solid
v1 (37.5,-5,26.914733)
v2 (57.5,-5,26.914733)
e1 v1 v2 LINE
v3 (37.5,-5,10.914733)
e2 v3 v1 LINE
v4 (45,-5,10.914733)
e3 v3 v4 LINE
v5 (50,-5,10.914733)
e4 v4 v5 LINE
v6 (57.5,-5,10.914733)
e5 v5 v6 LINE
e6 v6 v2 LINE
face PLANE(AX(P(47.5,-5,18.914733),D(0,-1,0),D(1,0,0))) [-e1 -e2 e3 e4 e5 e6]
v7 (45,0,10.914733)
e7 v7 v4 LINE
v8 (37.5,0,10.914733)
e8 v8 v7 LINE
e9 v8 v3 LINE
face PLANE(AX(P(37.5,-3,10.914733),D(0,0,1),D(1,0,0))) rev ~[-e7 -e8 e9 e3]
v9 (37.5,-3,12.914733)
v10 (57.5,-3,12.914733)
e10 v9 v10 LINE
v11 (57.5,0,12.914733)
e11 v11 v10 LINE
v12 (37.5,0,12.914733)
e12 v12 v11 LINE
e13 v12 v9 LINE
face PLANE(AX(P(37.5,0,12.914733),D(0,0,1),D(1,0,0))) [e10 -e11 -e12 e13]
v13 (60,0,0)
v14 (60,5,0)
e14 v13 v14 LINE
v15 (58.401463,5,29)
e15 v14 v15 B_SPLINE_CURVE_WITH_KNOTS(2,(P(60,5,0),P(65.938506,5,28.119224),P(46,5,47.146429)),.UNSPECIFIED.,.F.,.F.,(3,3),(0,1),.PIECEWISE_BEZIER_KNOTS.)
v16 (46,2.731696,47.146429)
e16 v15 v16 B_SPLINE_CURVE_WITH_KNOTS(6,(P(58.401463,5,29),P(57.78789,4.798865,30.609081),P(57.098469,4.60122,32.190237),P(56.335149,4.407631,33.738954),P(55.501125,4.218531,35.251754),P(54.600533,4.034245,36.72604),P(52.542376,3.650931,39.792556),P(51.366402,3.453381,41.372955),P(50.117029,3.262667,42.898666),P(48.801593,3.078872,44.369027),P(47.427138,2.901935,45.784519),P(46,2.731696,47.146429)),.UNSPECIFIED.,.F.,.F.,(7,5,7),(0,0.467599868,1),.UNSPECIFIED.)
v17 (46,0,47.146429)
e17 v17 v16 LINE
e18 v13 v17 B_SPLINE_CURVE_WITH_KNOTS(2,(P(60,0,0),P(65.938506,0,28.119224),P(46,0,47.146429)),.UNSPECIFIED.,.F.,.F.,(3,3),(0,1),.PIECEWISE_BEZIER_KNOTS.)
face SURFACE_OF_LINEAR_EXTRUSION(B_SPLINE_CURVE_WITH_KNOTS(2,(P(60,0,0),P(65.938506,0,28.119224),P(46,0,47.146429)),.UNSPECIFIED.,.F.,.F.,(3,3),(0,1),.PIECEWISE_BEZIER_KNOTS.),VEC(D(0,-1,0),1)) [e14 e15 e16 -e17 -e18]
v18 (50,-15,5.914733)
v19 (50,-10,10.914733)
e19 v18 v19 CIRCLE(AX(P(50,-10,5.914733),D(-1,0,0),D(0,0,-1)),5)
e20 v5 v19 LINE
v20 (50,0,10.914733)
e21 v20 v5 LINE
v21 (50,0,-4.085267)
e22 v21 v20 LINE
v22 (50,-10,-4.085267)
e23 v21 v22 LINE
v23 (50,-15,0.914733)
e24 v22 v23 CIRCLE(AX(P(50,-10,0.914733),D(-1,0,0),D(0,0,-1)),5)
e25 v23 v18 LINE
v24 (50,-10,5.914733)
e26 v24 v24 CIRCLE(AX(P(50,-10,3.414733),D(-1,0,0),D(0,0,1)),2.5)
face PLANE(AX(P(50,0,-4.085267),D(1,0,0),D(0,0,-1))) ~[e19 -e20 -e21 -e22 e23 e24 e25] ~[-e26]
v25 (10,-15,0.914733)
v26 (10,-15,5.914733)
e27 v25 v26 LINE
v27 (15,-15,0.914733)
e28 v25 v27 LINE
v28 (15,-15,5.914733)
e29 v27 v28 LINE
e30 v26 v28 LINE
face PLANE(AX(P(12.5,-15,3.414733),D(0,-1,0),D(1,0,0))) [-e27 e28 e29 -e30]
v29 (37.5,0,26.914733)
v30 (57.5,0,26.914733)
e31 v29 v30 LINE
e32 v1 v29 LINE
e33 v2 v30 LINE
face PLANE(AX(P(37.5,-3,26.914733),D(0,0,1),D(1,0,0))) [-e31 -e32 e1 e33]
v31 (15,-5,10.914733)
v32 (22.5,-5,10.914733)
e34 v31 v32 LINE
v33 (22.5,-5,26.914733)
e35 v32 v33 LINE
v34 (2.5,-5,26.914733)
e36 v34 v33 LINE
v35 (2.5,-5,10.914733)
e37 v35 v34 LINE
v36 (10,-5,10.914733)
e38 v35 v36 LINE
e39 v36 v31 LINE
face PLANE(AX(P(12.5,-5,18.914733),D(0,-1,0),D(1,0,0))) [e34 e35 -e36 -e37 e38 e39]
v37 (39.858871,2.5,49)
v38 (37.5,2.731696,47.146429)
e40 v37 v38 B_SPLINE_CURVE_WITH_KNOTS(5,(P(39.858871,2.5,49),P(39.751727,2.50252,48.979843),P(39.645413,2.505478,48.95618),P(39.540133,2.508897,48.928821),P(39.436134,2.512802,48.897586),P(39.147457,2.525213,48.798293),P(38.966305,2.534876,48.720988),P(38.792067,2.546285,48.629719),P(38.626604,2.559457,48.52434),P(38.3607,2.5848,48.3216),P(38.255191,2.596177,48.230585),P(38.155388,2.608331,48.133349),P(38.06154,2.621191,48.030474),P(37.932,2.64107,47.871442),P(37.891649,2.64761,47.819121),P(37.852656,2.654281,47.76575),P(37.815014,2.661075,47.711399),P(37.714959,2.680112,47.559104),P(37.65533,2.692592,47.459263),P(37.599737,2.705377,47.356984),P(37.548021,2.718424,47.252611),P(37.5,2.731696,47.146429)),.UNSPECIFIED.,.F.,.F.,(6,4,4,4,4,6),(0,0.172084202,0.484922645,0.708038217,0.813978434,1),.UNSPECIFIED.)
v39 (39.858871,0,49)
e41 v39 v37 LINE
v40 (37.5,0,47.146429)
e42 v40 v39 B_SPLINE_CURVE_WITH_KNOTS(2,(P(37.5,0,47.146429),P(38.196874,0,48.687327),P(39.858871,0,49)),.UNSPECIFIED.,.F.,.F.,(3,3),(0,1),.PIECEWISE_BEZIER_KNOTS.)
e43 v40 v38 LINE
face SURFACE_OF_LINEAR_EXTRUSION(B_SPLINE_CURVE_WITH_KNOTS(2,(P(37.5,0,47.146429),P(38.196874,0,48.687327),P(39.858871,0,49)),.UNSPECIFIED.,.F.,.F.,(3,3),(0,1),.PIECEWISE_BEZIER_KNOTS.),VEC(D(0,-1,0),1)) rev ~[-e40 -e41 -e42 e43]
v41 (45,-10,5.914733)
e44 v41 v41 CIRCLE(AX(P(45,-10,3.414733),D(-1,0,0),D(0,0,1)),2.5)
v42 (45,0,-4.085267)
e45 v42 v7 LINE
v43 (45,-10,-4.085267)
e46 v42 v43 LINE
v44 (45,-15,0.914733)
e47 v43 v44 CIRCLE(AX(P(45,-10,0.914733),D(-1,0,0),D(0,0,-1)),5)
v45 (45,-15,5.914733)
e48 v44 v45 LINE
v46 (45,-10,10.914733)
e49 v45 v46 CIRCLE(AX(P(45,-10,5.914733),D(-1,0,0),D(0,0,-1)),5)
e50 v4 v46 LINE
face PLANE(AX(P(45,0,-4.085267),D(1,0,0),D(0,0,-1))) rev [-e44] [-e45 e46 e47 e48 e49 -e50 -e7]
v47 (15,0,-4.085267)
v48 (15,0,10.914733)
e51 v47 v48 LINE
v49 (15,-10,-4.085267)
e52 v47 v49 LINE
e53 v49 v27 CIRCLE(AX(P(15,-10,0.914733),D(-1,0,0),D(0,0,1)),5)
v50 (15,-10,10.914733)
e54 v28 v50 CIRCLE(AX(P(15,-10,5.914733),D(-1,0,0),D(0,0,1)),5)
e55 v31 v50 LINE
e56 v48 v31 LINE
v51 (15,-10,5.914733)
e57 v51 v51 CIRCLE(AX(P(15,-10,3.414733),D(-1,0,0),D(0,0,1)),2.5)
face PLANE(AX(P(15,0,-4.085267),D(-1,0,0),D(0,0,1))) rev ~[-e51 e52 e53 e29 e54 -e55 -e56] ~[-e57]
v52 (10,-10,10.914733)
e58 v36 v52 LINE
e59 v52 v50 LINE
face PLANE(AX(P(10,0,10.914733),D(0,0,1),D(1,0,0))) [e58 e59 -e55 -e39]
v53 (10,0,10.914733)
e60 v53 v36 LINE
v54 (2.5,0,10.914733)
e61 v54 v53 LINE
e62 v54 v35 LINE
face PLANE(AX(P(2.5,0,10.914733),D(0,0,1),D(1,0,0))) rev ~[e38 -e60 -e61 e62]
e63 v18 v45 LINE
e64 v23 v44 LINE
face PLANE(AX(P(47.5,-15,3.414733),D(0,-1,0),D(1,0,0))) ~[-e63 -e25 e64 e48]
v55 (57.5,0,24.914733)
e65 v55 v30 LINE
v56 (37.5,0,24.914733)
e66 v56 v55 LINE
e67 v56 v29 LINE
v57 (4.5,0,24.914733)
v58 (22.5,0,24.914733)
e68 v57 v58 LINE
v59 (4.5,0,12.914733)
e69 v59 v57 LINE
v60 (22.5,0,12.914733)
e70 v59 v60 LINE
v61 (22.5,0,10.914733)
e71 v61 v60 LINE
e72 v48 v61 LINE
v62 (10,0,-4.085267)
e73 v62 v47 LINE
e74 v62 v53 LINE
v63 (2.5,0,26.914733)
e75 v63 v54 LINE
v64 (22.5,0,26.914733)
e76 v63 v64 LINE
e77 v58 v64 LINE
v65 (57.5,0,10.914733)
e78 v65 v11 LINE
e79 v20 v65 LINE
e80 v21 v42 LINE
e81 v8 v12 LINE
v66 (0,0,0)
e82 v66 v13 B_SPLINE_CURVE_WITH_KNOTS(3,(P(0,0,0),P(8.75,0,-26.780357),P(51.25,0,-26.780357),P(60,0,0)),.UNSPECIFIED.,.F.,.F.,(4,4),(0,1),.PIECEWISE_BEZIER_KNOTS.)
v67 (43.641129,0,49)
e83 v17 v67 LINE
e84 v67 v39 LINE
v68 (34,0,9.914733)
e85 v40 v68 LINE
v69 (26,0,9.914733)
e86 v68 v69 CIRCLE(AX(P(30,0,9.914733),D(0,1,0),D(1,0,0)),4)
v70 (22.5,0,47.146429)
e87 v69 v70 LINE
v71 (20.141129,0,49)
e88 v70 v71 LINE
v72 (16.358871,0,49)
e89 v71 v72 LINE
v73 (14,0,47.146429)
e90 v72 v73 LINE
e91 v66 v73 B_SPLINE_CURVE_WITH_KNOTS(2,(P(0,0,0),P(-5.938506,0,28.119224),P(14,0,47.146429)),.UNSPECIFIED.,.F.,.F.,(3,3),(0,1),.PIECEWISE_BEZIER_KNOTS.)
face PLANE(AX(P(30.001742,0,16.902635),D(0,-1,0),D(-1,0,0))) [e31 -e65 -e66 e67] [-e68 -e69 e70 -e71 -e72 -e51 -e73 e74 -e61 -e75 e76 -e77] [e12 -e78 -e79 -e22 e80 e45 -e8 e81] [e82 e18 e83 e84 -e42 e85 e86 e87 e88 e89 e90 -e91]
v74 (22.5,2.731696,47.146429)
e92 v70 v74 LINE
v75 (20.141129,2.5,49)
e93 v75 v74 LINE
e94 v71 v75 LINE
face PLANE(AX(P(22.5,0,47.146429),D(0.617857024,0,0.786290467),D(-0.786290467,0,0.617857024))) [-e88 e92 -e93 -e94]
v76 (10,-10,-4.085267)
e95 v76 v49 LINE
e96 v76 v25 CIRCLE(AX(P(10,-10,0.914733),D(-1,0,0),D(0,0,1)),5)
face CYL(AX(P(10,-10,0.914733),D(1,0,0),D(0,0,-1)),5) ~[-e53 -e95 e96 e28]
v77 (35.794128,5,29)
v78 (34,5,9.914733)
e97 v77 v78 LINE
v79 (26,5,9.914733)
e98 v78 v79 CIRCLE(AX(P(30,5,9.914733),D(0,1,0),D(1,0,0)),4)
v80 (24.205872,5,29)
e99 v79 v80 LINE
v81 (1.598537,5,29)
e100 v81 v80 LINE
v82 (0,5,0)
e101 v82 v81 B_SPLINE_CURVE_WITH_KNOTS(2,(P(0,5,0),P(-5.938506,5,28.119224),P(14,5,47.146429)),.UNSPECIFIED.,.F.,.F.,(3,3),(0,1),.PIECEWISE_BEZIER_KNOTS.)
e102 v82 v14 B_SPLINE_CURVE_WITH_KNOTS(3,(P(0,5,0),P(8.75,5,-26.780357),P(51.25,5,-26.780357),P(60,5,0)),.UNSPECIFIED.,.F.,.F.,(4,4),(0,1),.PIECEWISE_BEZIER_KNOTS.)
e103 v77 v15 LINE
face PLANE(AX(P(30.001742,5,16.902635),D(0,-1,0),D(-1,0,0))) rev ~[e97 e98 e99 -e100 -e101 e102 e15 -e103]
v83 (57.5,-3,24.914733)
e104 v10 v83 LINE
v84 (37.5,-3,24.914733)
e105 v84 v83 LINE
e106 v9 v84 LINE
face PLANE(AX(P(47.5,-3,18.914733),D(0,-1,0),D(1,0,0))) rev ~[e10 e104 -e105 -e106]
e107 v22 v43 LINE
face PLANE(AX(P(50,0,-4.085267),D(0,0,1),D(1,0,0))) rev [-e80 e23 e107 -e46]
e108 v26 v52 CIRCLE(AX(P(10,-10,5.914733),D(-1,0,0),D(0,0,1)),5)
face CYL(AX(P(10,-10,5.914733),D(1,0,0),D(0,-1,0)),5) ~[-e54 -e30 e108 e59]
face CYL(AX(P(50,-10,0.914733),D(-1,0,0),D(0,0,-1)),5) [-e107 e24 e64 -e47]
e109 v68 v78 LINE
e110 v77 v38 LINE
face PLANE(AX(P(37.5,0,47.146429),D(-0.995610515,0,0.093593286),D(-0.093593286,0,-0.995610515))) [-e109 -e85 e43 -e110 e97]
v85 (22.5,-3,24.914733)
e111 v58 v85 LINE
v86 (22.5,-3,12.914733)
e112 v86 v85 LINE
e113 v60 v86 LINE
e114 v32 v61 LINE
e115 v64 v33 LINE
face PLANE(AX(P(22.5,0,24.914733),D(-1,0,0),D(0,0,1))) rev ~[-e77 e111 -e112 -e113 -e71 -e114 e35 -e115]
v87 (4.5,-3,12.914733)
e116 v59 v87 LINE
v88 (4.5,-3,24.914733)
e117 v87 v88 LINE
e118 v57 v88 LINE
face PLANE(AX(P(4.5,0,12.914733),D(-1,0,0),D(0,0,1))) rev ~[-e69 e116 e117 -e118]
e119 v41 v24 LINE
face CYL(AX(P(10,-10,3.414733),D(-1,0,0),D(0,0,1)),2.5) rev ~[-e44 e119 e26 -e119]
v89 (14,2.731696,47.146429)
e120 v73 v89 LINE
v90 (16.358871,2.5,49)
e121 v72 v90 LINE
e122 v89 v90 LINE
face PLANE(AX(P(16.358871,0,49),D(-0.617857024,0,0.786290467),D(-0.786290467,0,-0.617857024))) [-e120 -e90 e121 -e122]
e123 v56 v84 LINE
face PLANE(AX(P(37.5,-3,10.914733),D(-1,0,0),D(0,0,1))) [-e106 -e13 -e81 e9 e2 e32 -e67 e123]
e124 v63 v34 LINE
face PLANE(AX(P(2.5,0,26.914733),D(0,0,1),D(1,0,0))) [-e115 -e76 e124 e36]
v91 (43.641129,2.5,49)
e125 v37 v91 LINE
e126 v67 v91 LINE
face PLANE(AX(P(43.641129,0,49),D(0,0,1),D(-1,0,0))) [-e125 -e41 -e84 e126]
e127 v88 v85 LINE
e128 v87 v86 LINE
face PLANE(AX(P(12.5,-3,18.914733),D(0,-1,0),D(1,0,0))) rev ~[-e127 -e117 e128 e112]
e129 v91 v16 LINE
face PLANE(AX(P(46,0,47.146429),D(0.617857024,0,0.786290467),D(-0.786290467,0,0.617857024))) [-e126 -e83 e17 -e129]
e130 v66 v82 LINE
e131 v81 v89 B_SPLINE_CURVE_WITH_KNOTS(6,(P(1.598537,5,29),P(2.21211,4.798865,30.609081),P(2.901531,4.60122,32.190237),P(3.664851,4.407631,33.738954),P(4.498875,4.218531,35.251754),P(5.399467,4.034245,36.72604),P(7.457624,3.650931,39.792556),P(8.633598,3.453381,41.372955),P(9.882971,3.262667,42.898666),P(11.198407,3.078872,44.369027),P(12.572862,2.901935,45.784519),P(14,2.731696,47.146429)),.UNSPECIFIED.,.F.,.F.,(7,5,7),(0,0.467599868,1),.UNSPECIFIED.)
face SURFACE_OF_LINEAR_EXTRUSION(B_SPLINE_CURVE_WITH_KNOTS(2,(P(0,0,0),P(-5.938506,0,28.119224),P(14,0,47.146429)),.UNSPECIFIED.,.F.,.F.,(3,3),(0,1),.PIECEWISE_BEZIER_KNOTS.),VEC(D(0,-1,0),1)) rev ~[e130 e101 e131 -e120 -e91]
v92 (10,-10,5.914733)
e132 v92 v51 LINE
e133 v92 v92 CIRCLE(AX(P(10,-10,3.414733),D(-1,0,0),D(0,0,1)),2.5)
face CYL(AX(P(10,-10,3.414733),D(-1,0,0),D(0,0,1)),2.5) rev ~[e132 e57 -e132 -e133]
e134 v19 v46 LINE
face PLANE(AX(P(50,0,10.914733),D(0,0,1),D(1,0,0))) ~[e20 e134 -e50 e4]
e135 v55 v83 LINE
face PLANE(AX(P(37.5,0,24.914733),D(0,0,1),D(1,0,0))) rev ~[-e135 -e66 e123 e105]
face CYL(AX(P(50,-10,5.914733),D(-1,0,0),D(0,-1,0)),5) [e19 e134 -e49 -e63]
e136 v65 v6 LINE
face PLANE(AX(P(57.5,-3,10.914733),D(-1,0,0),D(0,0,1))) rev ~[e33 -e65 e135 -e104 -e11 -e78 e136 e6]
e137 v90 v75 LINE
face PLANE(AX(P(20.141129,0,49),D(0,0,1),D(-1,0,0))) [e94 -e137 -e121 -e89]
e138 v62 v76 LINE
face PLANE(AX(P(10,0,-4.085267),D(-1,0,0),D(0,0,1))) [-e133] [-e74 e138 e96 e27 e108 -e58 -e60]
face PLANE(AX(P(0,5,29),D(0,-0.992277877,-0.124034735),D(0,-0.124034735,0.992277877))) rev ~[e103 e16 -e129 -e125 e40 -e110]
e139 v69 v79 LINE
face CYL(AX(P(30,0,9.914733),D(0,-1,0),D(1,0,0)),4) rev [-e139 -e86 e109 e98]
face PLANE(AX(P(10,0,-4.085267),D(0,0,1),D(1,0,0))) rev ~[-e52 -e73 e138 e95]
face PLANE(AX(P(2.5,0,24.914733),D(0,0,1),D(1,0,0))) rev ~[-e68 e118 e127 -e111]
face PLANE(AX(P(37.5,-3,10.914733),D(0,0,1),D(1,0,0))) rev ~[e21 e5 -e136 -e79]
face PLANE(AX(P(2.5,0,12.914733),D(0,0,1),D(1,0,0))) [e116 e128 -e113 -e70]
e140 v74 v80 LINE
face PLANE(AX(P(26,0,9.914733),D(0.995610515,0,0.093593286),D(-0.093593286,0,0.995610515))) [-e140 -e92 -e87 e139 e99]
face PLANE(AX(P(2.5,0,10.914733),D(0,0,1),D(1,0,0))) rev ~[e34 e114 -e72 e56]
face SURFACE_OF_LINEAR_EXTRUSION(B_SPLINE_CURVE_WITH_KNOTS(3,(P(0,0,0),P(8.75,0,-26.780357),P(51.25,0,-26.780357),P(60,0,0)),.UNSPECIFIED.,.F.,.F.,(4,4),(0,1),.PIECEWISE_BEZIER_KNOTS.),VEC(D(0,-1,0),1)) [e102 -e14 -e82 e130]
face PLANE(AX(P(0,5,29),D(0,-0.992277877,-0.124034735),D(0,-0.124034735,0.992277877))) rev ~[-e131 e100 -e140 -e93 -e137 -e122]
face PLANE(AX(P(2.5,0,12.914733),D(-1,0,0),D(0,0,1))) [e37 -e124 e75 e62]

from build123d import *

# Parameters (mm, degrees)
BOSS_EXTRUDE1_DEPTH = 5
SKETCH2_W           = 20
SKETCH2_H           = 2
BOSS_EXTRUDE2_DEPTH = 3
SKETCH3_W           = 20
SKETCH3_H           = 16
BOSS_EXTRUDE3_DEPTH = 2
CUT_EXTRUDE1_DEPTH  = 62.362825506
SKETCH6_W           = 5
SKETCH6_H           = 15
BOSS_EXTRUDE4_DEPTH = 15
SKETCH7_R           = 2.5
CUT_EXTRUDE2_DEPTH  = 40
FILLET1_R           = 5
SKETCH8_W           = 2
SKETCH8_H           = 12
BOSS_EXTRUDE5_DEPTH = 3


with BuildPart() as part:
    # Sketch1 → Boss-Extrude1 (new body)
    with BuildSketch(Plane(origin=(0, 0, 0), x_dir=(1, 0, 0), z_dir=(0, 1, 0))):
        with BuildLine():
            Line((26, -9.914732545), (22.5, -47.146428929))
            Line((22.5, -47.146428929), (20.1411286, -49))
            Line((20.1411286, -49), (16.3588714, -49))
            Line((16.3588714, -49), (14, -47.146428929))
            add(Edge.make_bspline(
                [(0, 0), (-5.93850555, -28.119223668), (14, -47.146428929)],
                knots=[0, 0, 0, 1, 1, 1], degree=2))
            add(Edge.make_bspline(
                [(0, 0), (8.75, 26.780356607), (51.25, 26.780356607), (60, 0)],
                knots=[0, 0, 0, 0, 1, 1, 1, 1], degree=3))
            add(Edge.make_bspline(
                [(60, 0), (65.93850555, -28.119223668), (46, -47.146428929)],
                knots=[0, 0, 0, 1, 1, 1], degree=2))
            Line((46, -47.146428929), (43.6411286, -49))
            Line((43.6411286, -49), (39.8588714, -49))
            add(Edge.make_bspline(
                [(37.5, -47.146428929), (38.196873938, -48.687326951), (39.8588714, -49)],
                knots=[0, 0, 0, 1, 1, 1], degree=2))
            Line((37.5, -47.146428929), (34, -9.914732545))
            ThreePointArc((34, -9.914732545), (30, -5.914732545), (26, -9.914732545))
        make_face()
    extrude(amount=BOSS_EXTRUDE1_DEPTH)

    # Sketch2 → Boss-Extrude2 (add)
    with BuildSketch(Plane.XZ):
        with Locations((47.5, 11.914732545)):
            Rectangle(SKETCH2_W, SKETCH2_H)
        with Locations((47.5, 25.914732545)):
            Rectangle(SKETCH2_W, SKETCH2_H)
        with Locations((12.5, 11.914732545)):
            Rectangle(SKETCH2_W, SKETCH2_H)
        with Locations((12.5, 25.914732545)):
            Rectangle(SKETCH2_W, SKETCH2_H)
    extrude(amount=BOSS_EXTRUDE2_DEPTH)

    # Sketch3 → Boss-Extrude3 (add)
    with BuildSketch(Plane.XZ.offset(3)):
        with Locations((47.5, 18.914732545)):
            Rectangle(SKETCH3_W, SKETCH3_H)
        with Locations((12.5, 18.914732545)):
            Rectangle(SKETCH3_W, SKETCH3_H)
    extrude(amount=BOSS_EXTRUDE3_DEPTH)

    # Sketch5 → Cut-Extrude1 (cut, through all)
    with BuildSketch(Plane(origin=(0, 0, 0), x_dir=(0, 0, -1), z_dir=(1, 0, 0))):
        Polygon((-29, 5), (-49, 2.5), (-49, 5), align=None)
    extrude(amount=CUT_EXTRUDE1_DEPTH, mode=Mode.SUBTRACT)

    # Sketch6 → Boss-Extrude4 (add)
    with BuildSketch(Plane.XZ):
        with Locations((12.5, 3.414732545)):
            Rectangle(SKETCH6_W, SKETCH6_H)
    boss_extrude4 = extrude(amount=BOSS_EXTRUDE4_DEPTH)

    # Mirror1: Boss-Extrude4 across plane
    add(boss_extrude4.mirror(Plane(origin=(30, 0, 0), x_dir=(0, 0, 1), z_dir=(1, 0, 0))))

    # Sketch7 → Cut-Extrude2 (cut)
    with BuildSketch(Plane.ZY.offset(-10)):
        with Locations((3.414732545, -10)):
            Circle(SKETCH7_R)
    extrude(amount=-CUT_EXTRUDE2_DEPTH, mode=Mode.SUBTRACT)

    # Fillet1
    fillet1_edges = [part.edges().sort_by_distance(p)[0] for p in [
        (12.5, -15, 10.914732545),
        (12.5, -15, -4.085267455),
        (47.5, -15, 10.914732545),
        (47.5, -15, -4.085267455),
    ]]
    fillet(fillet1_edges, radius=FILLET1_R)

    # Sketch8 → Boss-Extrude5 (add)
    with BuildSketch(Plane.XZ):
        with Locations((3.5, 18.914732545)):
            Rectangle(SKETCH8_W, SKETCH8_H)
    extrude(amount=BOSS_EXTRUDE5_DEPTH)


solid = part.part
